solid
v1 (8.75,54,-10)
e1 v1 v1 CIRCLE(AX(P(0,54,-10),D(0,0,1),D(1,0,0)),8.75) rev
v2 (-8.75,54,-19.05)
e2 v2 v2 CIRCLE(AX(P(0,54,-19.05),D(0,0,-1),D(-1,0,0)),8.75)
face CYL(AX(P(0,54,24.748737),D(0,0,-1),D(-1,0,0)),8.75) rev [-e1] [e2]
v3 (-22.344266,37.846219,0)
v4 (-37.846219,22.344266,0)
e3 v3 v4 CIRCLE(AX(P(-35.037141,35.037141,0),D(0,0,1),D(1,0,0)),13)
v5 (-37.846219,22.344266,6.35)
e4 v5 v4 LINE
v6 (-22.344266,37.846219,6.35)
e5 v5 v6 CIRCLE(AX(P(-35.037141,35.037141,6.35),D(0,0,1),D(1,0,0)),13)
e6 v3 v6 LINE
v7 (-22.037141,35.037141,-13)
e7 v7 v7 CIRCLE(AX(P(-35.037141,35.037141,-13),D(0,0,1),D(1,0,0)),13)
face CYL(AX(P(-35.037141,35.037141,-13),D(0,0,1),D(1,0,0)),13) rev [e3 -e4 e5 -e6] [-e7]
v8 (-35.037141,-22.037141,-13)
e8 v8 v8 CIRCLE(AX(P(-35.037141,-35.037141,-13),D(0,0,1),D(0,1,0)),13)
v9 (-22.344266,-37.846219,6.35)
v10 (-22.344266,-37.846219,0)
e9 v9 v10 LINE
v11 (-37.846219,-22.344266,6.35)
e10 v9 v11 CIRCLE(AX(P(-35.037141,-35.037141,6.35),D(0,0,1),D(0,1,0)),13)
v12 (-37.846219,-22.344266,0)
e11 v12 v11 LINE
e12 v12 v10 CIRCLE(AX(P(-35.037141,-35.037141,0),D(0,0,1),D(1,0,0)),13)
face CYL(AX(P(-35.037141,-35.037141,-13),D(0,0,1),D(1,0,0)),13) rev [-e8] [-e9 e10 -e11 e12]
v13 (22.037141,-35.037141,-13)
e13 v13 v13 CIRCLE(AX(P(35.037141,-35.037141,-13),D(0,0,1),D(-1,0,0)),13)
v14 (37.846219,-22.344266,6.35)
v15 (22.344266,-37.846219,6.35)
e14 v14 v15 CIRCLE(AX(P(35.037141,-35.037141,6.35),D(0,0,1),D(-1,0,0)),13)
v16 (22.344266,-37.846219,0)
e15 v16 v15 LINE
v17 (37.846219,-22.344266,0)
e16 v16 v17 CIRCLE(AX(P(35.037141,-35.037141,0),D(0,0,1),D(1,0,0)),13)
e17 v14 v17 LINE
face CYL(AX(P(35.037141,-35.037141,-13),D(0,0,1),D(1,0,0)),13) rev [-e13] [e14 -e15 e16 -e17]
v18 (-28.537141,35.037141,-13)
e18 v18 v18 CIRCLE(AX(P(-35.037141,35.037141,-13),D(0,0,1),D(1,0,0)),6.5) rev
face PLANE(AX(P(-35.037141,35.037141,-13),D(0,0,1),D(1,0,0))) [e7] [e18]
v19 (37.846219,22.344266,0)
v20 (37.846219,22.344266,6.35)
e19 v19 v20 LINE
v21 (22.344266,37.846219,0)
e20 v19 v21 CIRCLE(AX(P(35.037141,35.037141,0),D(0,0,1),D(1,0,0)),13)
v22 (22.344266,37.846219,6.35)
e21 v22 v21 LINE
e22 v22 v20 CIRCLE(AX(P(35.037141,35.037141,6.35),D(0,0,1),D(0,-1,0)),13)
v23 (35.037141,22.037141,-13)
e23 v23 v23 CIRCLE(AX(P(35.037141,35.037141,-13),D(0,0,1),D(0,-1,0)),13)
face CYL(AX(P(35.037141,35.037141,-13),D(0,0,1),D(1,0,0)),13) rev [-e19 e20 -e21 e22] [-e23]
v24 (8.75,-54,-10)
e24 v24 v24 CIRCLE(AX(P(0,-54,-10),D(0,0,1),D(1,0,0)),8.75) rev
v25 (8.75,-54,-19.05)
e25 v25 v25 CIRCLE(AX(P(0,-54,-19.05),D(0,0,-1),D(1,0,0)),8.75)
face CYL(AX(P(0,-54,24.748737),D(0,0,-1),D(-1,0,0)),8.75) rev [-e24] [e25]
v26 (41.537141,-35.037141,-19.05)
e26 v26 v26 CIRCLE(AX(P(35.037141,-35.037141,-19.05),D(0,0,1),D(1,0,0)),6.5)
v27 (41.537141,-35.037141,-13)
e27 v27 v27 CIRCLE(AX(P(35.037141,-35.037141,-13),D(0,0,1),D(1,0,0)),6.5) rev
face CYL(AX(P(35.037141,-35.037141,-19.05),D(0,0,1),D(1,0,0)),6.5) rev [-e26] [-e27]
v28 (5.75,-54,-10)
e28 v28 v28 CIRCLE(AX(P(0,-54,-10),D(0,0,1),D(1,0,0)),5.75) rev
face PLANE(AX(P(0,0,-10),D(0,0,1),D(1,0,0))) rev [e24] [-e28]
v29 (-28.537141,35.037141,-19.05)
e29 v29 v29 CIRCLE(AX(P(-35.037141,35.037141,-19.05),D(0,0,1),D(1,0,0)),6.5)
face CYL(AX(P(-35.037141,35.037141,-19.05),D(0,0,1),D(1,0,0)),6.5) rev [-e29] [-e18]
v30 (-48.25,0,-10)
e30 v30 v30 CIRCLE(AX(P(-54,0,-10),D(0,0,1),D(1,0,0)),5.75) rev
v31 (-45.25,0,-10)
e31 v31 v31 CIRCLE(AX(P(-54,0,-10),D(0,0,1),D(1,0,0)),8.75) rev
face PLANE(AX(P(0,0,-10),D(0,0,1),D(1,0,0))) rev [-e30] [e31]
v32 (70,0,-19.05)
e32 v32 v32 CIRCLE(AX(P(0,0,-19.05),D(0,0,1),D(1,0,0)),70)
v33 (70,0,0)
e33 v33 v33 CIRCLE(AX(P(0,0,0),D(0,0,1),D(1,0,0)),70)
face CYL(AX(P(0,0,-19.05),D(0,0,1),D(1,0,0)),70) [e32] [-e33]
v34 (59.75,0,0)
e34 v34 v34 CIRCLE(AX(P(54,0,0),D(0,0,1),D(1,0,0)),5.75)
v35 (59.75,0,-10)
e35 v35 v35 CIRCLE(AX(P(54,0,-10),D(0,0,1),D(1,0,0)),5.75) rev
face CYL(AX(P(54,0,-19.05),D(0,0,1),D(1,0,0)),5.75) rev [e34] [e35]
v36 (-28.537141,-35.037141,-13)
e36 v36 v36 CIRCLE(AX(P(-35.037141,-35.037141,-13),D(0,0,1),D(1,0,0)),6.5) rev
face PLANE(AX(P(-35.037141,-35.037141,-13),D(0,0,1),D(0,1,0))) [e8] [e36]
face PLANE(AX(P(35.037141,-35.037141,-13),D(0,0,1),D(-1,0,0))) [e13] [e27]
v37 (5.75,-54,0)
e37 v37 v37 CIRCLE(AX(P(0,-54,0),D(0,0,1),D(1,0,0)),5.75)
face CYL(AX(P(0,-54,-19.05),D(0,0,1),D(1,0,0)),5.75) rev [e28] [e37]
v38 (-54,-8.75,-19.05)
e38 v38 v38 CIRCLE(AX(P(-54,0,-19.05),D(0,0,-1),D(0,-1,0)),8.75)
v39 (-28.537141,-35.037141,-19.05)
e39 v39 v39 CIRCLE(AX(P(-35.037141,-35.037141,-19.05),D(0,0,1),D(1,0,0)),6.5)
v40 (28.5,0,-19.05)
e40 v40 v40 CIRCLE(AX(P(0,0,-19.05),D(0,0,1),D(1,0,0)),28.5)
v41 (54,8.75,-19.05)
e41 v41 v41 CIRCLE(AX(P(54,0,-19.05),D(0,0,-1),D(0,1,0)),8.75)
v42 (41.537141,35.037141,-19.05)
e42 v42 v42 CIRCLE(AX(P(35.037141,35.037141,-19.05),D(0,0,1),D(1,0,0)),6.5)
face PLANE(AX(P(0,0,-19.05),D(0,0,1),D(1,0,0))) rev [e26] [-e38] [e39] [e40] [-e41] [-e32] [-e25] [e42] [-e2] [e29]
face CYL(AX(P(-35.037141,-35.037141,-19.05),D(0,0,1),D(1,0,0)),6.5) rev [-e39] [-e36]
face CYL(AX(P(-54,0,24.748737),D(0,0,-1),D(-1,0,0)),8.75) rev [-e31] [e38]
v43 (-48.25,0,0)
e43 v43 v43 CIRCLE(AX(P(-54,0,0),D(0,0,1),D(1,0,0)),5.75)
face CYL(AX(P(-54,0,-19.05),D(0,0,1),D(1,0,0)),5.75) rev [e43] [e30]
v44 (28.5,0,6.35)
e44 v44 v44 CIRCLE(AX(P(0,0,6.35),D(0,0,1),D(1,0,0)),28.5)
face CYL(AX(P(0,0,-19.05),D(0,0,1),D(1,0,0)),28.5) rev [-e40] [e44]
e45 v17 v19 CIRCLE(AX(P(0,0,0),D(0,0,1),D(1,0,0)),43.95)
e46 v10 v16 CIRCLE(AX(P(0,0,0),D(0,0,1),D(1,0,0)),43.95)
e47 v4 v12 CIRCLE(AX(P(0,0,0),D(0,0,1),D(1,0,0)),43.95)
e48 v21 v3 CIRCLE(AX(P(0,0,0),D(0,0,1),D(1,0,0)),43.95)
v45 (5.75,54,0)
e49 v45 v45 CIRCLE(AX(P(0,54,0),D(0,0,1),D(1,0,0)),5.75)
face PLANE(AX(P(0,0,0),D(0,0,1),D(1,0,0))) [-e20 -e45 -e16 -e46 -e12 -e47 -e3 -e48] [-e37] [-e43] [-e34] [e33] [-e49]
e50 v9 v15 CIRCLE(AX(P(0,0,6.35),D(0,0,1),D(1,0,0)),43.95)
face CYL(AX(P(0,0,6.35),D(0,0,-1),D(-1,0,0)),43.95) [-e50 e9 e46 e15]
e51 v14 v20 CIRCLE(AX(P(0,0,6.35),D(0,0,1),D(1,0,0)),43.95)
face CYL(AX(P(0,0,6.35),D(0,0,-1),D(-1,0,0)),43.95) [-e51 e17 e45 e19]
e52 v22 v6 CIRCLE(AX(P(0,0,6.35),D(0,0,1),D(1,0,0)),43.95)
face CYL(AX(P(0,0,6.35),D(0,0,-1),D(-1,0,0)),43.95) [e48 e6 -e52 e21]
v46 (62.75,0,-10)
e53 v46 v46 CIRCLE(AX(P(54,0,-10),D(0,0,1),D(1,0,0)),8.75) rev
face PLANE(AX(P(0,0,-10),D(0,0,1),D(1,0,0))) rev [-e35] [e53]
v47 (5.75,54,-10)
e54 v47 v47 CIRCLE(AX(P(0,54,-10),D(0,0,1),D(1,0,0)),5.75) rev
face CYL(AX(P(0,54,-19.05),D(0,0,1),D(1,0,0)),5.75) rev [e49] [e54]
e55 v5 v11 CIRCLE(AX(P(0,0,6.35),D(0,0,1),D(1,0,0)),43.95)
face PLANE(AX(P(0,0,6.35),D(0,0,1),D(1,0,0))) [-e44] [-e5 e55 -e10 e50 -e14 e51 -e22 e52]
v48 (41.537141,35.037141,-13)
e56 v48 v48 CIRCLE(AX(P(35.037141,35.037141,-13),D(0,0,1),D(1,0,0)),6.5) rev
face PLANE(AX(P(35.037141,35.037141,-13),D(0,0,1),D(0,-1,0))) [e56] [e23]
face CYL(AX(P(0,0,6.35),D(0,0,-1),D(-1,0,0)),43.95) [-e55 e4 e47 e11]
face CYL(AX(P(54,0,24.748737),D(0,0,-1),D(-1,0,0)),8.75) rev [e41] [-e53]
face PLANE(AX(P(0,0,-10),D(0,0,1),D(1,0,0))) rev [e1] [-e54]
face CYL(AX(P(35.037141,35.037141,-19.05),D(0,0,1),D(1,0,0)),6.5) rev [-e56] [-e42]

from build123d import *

# Parameters (mm, degrees)
CROQUIS1_R              = 70
CROQUIS1_R_2            = 28.5
CROQUIS1_R_3            = 6.5
CROQUIS1_R_4            = 5.75
SALIENTE_EXTRUIR1_DEPTH = 19.05
CROQUIS2_R              = 43.95
CROQUIS2_R_2            = 28.5
SALIENTE_EXTRUIR2_DEPTH = 6.35
CROQUIS4_R              = 8.75
CORTAR_EXTRUIR1_DEPTH   = 9.05
MATRIZC1_COUNT          = 4
CROQUIS5_R              = 13
CORTAR_EXTRUIR2_DEPTH   = 19.35
MATRIZC2_COUNT          = 4


with BuildPart() as part:
    # Croquis1 → Saliente-Extruir1 (new body)
    with BuildSketch(Plane.XY):
        Circle(CROQUIS1_R)
        Circle(CROQUIS1_R_2, mode=Mode.SUBTRACT)
        with Locations((35.037141008, 35.037141008)):
            Circle(CROQUIS1_R_3, mode=Mode.SUBTRACT)
        with Locations((35.037141008, -35.037141008)):
            Circle(CROQUIS1_R_3, mode=Mode.SUBTRACT)
        with Locations((-35.037141008, -35.037141008)):
            Circle(CROQUIS1_R_3, mode=Mode.SUBTRACT)
        with Locations((-35.037141008, 35.037141008)):
            Circle(CROQUIS1_R_3, mode=Mode.SUBTRACT)
        with Locations((0, 54)):
            Circle(CROQUIS1_R_4, mode=Mode.SUBTRACT)
        with Locations((54, 0)):
            Circle(CROQUIS1_R_4, mode=Mode.SUBTRACT)
        with Locations((0, -54)):
            Circle(CROQUIS1_R_4, mode=Mode.SUBTRACT)
        with Locations((-54, 0)):
            Circle(CROQUIS1_R_4, mode=Mode.SUBTRACT)
    extrude(amount=-SALIENTE_EXTRUIR1_DEPTH)

    # Croquis2 → Saliente-Extruir2 (add)
    with BuildSketch(Plane.XY):
        Circle(CROQUIS2_R)
        Circle(CROQUIS2_R_2, mode=Mode.SUBTRACT)
    extrude(amount=SALIENTE_EXTRUIR2_DEPTH)

    # Croquis4 → Cortar-Extruir1 (cut)
    with BuildSketch(Plane(origin=(0, 0, -19.05), x_dir=(-1, 0, 0), z_dir=(0, 0, -1))):
        with Locations((0, 54)):
            Circle(CROQUIS4_R)
    cortar_extruir1 = extrude(amount=-CORTAR_EXTRUIR1_DEPTH, mode=Mode.SUBTRACT)

    # MatrizC1: Cortar-Extruir1 ×4 about axis
    matrizc1_axis = Axis((0, 0, 0), (0, 0, 1))
    for i in range(1, MATRIZC1_COUNT):
        add(cortar_extruir1.rotate(matrizc1_axis, i * 360 / MATRIZC1_COUNT), mode=Mode.SUBTRACT)

    # Croquis5 → Cortar-Extruir2 (cut)
    with BuildSketch(Plane.XY.offset(6.35)):
        with Locations((-35.037141008, 35.037141008)):
            Circle(CROQUIS5_R)
    cortar_extruir2 = extrude(amount=-CORTAR_EXTRUIR2_DEPTH, mode=Mode.SUBTRACT)

    # MatrizC2: Cortar-Extruir2 ×4 about axis
    matrizc2_axis = Axis((0, 0, 0), (0, 0, 1))
    for i in range(1, MATRIZC2_COUNT):
        add(cortar_extruir2.rotate(matrizc2_axis, i * 360 / MATRIZC2_COUNT), mode=Mode.SUBTRACT)


solid = part.part
